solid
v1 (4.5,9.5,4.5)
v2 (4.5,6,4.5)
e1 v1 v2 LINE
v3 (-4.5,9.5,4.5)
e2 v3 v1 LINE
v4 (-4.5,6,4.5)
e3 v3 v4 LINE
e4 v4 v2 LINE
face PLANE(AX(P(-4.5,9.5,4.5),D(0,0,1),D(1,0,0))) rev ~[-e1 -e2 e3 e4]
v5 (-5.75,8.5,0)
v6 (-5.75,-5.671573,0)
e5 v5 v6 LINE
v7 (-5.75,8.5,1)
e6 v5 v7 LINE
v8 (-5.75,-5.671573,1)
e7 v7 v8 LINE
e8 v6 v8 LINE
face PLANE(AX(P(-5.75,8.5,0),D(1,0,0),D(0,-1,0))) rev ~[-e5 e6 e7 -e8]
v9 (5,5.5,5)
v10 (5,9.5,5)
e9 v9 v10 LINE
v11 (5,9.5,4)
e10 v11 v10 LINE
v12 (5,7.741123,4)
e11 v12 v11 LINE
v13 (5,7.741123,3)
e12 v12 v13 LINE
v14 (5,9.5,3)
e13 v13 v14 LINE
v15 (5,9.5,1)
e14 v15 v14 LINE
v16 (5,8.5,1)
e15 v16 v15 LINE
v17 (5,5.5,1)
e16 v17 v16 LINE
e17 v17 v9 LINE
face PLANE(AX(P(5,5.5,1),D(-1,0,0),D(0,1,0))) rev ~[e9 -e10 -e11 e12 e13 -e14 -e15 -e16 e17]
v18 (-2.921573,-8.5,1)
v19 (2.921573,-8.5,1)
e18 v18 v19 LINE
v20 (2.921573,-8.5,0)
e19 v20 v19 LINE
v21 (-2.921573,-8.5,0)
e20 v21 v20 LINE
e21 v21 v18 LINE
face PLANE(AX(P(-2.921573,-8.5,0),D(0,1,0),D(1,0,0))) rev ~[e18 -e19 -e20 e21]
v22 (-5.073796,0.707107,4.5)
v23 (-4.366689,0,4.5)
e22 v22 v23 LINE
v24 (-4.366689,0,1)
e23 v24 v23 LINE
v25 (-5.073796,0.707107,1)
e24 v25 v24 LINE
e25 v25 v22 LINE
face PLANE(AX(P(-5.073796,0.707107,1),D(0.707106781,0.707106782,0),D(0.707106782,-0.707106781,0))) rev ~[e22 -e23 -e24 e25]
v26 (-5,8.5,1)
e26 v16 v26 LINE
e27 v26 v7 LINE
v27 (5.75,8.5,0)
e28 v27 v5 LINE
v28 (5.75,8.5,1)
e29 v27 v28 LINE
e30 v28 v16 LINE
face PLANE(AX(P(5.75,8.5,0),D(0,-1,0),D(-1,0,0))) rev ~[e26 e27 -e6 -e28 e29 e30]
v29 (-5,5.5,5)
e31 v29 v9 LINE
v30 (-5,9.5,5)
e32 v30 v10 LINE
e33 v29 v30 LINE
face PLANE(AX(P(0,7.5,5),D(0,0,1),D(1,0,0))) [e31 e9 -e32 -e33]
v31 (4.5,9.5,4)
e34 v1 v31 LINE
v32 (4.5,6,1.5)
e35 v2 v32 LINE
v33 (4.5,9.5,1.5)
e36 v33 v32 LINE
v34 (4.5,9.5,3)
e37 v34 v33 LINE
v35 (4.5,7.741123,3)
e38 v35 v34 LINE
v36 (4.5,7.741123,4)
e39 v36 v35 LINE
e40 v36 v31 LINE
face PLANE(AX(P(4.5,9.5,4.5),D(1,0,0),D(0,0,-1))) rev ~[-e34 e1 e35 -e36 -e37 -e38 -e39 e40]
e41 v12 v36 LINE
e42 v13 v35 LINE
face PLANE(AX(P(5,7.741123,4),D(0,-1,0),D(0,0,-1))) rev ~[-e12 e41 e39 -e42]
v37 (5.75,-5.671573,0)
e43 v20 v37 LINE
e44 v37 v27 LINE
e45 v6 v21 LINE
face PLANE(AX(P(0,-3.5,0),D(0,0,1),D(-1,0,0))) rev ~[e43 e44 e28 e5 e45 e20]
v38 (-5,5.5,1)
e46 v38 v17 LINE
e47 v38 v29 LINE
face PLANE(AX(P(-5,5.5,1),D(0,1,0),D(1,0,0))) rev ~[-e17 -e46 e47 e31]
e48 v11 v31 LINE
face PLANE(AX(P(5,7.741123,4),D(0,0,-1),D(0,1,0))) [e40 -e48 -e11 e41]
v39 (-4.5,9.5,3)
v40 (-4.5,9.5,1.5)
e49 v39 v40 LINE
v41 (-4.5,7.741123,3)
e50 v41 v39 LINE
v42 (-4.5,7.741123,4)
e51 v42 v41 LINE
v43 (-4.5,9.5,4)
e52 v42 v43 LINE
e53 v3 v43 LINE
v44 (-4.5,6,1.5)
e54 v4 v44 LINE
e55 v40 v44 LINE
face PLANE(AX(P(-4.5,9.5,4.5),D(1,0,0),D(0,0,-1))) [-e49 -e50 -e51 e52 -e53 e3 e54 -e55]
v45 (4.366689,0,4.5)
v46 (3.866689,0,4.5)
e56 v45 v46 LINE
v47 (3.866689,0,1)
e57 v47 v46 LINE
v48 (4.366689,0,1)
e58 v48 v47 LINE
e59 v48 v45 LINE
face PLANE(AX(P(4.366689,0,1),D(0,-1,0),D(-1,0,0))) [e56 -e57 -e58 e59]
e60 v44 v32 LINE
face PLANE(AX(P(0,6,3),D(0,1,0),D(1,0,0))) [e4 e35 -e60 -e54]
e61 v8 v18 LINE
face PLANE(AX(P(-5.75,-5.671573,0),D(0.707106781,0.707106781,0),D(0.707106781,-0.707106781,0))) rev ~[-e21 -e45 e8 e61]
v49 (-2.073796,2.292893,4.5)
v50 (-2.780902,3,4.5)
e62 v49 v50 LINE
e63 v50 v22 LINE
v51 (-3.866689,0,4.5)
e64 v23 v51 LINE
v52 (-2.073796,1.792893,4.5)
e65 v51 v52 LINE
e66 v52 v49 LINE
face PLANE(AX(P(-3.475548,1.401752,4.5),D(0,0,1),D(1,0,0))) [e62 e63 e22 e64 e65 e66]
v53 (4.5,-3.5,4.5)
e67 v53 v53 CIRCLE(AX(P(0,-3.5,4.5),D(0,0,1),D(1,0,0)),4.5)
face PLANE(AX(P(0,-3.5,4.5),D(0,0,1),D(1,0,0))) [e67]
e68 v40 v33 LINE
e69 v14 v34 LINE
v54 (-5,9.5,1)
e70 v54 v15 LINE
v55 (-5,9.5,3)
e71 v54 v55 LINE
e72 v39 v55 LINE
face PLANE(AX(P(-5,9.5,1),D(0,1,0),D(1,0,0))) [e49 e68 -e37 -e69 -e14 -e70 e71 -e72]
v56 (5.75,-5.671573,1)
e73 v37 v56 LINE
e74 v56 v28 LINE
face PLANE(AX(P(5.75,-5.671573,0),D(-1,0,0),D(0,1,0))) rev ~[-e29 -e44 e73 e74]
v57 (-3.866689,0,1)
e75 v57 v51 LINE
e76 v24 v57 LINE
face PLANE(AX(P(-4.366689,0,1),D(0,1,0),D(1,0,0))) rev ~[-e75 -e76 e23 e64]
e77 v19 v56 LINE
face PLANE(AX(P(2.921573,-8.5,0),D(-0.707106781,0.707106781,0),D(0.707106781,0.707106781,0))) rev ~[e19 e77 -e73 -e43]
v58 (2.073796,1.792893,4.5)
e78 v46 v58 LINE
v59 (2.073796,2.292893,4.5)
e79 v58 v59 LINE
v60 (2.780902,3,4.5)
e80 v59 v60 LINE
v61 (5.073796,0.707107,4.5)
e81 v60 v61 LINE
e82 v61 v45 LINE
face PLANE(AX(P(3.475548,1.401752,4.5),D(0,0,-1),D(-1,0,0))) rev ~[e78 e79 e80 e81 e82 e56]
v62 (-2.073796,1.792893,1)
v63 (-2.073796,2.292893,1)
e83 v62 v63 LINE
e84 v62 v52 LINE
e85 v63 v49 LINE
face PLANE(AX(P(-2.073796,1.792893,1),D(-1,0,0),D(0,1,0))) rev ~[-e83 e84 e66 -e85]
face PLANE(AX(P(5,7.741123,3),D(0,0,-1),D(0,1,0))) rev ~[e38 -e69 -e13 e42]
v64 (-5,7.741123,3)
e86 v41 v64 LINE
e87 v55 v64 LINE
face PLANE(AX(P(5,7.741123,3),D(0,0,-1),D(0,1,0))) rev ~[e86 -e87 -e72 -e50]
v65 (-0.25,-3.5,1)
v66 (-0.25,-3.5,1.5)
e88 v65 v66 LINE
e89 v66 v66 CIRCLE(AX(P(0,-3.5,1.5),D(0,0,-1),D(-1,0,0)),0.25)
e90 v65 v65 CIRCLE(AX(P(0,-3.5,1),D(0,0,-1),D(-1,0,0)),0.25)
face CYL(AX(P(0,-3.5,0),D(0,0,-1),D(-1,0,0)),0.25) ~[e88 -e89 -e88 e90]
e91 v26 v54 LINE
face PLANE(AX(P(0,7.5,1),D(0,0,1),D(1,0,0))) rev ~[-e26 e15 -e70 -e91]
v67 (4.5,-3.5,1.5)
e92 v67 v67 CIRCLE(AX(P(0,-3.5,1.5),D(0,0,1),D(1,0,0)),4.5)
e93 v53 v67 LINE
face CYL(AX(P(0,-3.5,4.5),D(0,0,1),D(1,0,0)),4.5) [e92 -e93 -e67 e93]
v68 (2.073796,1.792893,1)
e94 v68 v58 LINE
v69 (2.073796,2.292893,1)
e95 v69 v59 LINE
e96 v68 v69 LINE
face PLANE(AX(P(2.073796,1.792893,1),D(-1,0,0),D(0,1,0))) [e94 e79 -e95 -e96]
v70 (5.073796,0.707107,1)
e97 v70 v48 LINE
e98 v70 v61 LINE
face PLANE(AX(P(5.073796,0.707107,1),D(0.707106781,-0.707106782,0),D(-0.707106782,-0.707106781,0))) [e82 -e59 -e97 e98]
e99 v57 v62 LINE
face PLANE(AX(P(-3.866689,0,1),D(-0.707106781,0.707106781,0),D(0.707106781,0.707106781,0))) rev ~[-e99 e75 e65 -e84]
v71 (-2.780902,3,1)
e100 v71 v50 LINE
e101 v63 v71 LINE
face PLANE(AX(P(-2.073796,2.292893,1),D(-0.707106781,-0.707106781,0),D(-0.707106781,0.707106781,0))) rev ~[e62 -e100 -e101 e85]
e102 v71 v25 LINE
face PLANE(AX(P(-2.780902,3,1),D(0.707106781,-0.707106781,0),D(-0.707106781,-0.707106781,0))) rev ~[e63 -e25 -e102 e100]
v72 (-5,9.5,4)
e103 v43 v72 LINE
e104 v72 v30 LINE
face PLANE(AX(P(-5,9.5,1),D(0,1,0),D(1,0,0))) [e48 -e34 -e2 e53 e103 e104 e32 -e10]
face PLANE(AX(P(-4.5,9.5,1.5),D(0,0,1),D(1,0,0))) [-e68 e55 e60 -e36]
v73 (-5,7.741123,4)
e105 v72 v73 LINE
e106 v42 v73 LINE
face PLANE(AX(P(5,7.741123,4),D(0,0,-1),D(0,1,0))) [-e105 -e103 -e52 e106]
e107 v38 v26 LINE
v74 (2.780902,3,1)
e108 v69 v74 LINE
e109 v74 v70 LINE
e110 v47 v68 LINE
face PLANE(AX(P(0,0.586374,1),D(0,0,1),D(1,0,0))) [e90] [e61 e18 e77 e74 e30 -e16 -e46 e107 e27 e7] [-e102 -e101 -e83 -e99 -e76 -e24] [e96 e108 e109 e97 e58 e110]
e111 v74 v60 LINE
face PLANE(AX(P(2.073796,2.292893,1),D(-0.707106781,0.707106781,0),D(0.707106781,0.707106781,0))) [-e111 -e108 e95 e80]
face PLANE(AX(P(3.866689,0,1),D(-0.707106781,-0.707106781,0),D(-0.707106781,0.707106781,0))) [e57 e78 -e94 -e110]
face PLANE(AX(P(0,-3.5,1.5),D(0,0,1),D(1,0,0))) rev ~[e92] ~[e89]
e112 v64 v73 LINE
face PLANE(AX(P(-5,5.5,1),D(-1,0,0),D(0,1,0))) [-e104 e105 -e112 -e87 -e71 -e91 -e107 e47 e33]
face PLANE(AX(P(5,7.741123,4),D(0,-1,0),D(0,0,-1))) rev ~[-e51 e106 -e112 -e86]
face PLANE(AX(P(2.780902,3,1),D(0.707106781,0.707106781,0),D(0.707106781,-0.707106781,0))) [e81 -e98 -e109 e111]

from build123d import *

# Parameters (mm, degrees)
SALIENTE_EXTRUIR1_DEPTH = 1
SALIENTE_EXTRUIR2_DEPTH = 3.5
CROQUIS3_R              = 0.25
SALIENTE_EXTRUIR3_DEPTH = 4.5
CROQUIS4_R              = 4.5
SALIENTE_EXTRUIR4_DEPTH = 3
CROQUIS5_W              = 10
CROQUIS5_H              = 4
SALIENTE_EXTRUIR5_DEPTH = 4
CROQUIS6_W              = 9
CROQUIS6_H              = 3
CORTAR_EXTRUIR1_DEPTH   = 3.5
CROQUIS7_W              = 1
CROQUIS7_H              = 2
CORTAR_EXTRUIR2_DEPTH   = 16.192514604


with BuildPart() as part:
    # Croquis1 → Saliente-Extruir1 (new body)
    with BuildSketch(Plane.XY):
        Polygon((-5.75, -5.671572875), (-2.921572875, -8.5), (2.921572875, -8.5), (5.75, -5.671572875), (5.75, 8.5), (-5.75, 8.5), align=None)
    extrude(amount=SALIENTE_EXTRUIR1_DEPTH)

    # Croquis2 → Saliente-Extruir2 (add)
    with BuildSketch(Plane.XY.offset(1)):
        Polygon((-2.780902327, 3), (-5.073795546, 0.707106781), (-4.366688764, 0), (-3.866688764, 0), (-2.073795546, 1.792893219), (-2.073795546, 2.292893219), align=None)
        Polygon((2.073795546, 1.792893219), (2.073795546, 2.292893219), (2.780902327, 3), (5.073795546, 0.707106781), (4.366688764, 0), (3.866688764, 0), align=None)
    extrude(amount=SALIENTE_EXTRUIR2_DEPTH)

    # Croquis3 → Saliente-Extruir3 (add)
    with BuildSketch(Plane.XY):
        with Locations(Location((0, -3.5, 0), (0, 0, 180))):
            Circle(CROQUIS3_R)
    extrude(amount=SALIENTE_EXTRUIR3_DEPTH)

    # Croquis4 → Saliente-Extruir4 (add)
    with BuildSketch(Plane.XY.offset(4.5)):
        with Locations((0, -3.5)):
            Circle(CROQUIS4_R)
    extrude(amount=-SALIENTE_EXTRUIR4_DEPTH)

    # Croquis5 → Saliente-Extruir5 (add)
    with BuildSketch(Plane.XY.offset(1)):
        with Locations((0, 7.5)):
            Rectangle(CROQUIS5_W, CROQUIS5_H)
    extrude(amount=SALIENTE_EXTRUIR5_DEPTH)

    # Croquis6 → Cortar-Extruir1 (cut)
    with BuildSketch(Plane(origin=(0, 9.5, 0), x_dir=(1, 0, 0), z_dir=(0, 1, 0))):
        with Locations((0, -3)):
            Rectangle(CROQUIS6_W, CROQUIS6_H)
    extrude(amount=-CORTAR_EXTRUIR1_DEPTH, mode=Mode.SUBTRACT)

    # Croquis7 → Cortar-Extruir2 (cut, through all)
    with BuildSketch(Plane(origin=(5, 0, 0), x_dir=(0, 0, -1), z_dir=(1, 0, 0))):
        with Locations((-3.5, 8.741122999)):
            Rectangle(CROQUIS7_W, CROQUIS7_H)
    extrude(amount=-CORTAR_EXTRUIR2_DEPTH, mode=Mode.SUBTRACT)


solid = part.part
